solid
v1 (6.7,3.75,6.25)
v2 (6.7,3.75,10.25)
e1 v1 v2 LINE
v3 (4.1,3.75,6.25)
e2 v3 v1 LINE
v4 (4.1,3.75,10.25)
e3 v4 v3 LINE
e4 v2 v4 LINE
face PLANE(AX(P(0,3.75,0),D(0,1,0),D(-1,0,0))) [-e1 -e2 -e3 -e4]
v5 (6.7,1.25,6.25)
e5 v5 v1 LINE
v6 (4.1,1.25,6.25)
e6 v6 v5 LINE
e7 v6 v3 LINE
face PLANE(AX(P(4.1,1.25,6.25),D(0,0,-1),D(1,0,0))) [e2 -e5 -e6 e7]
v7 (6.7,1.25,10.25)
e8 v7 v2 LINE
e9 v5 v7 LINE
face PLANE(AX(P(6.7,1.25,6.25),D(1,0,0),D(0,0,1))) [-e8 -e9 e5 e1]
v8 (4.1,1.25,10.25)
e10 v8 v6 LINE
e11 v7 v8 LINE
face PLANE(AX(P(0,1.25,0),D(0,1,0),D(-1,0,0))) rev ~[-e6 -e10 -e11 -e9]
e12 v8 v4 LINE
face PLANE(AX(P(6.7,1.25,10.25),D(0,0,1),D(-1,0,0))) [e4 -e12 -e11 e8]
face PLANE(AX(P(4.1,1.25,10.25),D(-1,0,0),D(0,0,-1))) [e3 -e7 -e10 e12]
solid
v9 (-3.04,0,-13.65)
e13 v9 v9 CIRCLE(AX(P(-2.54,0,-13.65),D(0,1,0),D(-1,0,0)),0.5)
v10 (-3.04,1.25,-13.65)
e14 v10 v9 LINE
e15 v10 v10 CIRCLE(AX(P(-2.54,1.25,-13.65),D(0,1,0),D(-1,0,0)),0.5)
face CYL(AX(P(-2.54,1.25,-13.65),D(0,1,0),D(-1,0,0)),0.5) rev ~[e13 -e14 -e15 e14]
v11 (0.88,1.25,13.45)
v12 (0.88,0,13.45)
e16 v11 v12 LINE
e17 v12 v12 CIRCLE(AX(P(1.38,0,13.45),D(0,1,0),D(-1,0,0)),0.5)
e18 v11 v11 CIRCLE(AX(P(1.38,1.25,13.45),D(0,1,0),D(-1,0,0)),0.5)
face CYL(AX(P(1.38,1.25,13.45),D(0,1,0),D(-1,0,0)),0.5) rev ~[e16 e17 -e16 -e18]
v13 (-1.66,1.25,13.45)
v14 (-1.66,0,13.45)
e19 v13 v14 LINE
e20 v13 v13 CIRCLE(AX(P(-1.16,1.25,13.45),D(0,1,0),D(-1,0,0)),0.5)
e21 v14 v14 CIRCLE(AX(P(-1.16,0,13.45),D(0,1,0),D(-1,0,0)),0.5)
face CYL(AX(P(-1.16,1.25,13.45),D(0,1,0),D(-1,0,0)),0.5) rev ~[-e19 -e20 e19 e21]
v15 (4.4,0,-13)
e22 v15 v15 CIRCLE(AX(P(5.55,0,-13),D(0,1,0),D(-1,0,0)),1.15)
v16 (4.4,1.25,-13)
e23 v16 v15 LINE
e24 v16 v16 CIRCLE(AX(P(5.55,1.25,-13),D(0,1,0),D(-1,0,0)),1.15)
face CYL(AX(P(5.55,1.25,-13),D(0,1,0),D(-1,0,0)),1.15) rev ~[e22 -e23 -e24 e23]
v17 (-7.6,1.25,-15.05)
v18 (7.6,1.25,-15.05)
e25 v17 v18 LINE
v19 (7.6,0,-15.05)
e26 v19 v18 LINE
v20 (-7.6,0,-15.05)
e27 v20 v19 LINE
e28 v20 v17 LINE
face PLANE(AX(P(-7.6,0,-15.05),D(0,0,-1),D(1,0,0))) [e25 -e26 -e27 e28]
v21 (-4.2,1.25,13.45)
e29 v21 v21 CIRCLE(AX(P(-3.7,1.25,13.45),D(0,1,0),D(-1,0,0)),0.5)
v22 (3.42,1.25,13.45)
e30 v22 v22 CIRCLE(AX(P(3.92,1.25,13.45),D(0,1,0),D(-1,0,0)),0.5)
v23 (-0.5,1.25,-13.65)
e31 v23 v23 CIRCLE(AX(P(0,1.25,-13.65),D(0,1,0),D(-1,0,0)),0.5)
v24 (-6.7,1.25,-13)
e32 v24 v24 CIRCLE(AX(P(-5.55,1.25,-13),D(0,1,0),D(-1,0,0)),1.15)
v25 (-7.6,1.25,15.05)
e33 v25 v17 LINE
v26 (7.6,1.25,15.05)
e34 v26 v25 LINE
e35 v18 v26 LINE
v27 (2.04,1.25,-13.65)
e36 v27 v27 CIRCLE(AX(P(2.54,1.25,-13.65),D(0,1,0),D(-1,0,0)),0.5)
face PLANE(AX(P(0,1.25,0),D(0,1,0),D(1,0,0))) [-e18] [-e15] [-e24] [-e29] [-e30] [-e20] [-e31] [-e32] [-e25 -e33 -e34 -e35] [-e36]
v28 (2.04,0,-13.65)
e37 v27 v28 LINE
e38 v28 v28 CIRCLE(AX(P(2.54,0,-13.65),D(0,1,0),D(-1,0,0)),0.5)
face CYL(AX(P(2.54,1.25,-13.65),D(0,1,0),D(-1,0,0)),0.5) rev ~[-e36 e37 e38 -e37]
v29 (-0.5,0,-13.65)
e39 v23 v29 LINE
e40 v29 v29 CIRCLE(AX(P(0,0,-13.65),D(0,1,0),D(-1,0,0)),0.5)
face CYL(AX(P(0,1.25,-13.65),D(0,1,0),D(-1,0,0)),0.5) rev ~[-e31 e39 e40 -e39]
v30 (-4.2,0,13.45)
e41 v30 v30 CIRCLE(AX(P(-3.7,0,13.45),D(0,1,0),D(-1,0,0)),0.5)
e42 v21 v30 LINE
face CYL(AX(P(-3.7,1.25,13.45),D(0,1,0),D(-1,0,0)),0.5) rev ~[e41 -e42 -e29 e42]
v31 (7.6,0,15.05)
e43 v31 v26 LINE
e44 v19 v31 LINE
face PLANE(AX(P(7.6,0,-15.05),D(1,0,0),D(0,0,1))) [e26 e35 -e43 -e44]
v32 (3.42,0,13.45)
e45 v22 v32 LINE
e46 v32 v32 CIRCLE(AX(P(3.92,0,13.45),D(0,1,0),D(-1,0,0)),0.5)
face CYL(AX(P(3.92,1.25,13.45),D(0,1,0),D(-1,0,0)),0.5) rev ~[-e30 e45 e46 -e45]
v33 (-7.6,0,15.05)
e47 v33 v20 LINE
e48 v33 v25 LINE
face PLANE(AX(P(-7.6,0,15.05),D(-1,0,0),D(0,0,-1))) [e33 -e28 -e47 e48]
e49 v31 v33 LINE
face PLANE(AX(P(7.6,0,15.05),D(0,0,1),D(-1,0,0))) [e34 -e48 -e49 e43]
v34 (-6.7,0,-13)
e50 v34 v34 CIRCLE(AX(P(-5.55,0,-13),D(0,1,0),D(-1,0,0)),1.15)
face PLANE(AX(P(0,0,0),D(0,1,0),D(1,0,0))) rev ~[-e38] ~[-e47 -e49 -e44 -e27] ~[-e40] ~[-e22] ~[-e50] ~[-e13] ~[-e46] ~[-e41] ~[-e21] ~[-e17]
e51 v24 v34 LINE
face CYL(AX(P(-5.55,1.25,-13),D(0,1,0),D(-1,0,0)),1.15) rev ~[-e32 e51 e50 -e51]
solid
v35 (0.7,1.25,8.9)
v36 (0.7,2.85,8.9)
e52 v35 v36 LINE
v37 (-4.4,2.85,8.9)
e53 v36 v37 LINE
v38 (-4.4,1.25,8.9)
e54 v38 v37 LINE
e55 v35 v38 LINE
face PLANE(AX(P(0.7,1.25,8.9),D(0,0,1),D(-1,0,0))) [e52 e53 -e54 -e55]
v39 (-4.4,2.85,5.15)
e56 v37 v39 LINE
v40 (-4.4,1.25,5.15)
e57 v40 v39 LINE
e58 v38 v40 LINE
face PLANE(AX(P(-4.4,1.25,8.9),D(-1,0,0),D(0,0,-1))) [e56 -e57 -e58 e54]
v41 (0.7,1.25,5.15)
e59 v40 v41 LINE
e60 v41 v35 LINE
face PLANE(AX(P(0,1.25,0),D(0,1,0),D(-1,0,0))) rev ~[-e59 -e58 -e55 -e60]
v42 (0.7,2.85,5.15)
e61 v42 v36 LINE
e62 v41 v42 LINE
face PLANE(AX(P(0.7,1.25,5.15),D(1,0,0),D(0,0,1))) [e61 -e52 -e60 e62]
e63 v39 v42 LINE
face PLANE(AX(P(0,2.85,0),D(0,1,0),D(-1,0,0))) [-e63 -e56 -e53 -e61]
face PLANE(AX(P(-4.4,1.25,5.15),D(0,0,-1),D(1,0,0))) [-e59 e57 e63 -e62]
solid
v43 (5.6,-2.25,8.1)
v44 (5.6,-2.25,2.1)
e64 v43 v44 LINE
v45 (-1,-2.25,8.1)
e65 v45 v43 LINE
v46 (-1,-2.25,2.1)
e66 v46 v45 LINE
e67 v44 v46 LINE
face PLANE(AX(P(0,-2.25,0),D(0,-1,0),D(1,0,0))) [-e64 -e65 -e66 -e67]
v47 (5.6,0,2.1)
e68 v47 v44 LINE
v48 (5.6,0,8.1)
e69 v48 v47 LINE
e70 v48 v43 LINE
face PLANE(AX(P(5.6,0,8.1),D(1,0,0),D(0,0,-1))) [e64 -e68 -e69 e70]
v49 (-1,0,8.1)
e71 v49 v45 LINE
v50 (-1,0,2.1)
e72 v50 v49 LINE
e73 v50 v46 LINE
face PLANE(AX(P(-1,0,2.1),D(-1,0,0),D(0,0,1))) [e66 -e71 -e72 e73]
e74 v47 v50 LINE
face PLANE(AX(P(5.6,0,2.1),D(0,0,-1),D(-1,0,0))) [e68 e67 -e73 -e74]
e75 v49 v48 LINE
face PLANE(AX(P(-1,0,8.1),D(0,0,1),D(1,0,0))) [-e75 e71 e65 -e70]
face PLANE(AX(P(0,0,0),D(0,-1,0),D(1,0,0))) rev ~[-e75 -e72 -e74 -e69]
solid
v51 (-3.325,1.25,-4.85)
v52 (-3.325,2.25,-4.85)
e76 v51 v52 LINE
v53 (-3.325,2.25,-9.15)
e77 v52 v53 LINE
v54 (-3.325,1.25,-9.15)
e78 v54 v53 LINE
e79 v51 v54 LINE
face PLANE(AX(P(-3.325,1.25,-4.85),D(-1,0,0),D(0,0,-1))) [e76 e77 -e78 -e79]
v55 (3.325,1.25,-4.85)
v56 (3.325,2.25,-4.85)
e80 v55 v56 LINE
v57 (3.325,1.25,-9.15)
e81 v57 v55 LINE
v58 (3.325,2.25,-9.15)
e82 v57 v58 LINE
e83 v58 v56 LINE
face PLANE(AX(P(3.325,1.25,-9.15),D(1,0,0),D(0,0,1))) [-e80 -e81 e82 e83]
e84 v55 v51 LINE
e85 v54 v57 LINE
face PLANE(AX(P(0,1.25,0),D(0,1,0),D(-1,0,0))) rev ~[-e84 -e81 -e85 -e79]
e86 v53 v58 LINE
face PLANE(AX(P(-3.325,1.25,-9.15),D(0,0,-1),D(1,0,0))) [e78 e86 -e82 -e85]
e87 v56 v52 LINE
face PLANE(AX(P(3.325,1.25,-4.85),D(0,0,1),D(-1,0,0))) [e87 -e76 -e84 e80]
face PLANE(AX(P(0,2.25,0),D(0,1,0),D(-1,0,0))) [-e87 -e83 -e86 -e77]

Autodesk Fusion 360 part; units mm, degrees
sketch "pcb-base" plane through (0, 0, 0) normal (0, 1, 0) x (1, 0, 0)
  line L0 (7.6, -15.05) -> (-7.6, -15.05)
  line L1 (-7.6, -15.05) -> (-7.6, 15.05)
  line L2 (-7.6, 15.05) -> (7.6, 15.05)
  line L3 (7.6, 15.05) -> (7.6, -15.05)
  line L4 (7.6, -15.05) -> (-7.6, 15.05) construction
  line L5 (-7.6, -15.05) -> (7.6, 15.05) construction
  dimension "d1" = 15.2
  dimension "d2" = 30.1
extrude "Extrude1" add sketch "pcb-base" along normal blind 1.25 makes body 1
sketch "pcb-feat-mount-holes" plane through (0, 1.25, 0) normal (0, 1, 0) x (-1, 0, 0)
  line L0 (-7.6, -15.05) -> (7.6, -15.05)
  line L1 (7.6, -15.05) -> (7.6, 15.05)
  line L2 (7.6, 15.05) -> (-7.6, 15.05)
  line L3 (-7.6, 15.05) -> (-7.6, -15.05)
  circle A0 centre (5.55, -13) radius 1.15
  line L4 (0, 0) -> (0, -15.05) construction
  line L5 (0, 0) -> (7.6, 0) construction
  circle A1 centre (-5.55, -13) radius 1.15
  dimension "d5" = 2.3
  dimension "d6" = 0.9
  dimension "d7" = 0.9
extrude "Extrude2" cut sketch "pcb-feat-mount-holes" against normal blind 1.25 contours A0 | A1 bodies 1
sketch "pcb-feat-terminals" plane through (0, 1.25, 0) normal (0, 1, 0) x (-1, 0, 0)
  circle A0 centre (5.55, -13) radius 1.15
  circle A1 centre (-5.55, -13) radius 1.15
  line L0 (-7.6, -15.05) -> (7.6, -15.05)
  line L1 (7.6, -15.05) -> (7.6, 15.05)
  line L2 (7.6, 15.05) -> (-7.6, 15.05)
  line L3 (-7.6, 15.05) -> (-7.6, -15.05)
  line L4 (2.54, -13.65) -> (-2.54, -13.65) construction
  circle A2 centre (2.54, -13.65) radius 0.5
  circle A3 centre (0, -13.65) radius 0.5
  circle A4 centre (-2.54, -13.65) radius 0.5
  line L5 (0, -15.05) -> (0, -11.6799) construction
  line L6 (7.6, 13.45) -> (-7.6, 13.45) construction
  circle A5 centre (3.7, 13.45) radius 0.5
  circle A6 centre (1.16, 13.45) radius 0.5
  circle A7 centre (-1.38, 13.45) radius 0.5
  circle A8 centre (-3.92, 13.45) radius 0.5
  dimension "d10" = 1
  dimension "d11" = 1
  dimension "d12" = 2.54
  dimension "d14" = 1
  dimension "d16" = 2.54
  dimension "d17" = 0.9
  dimension "d18" = 1
  dimension "d19" = 1.1
  dimension "d20" = 3.4
  dimension "d21" = 1
  dimension "d22" = 1
  dimension "d23" = 1
  dimension "d24" = 2.54
  dimension "d25" = 2.54
  dimension "d26" = 2.54
extrude "Extrude3" cut sketch "pcb-feat-terminals" against normal blind 1.25 contours A2 | A3 | A4 | A5 | A6 | A7 | A8 bodies 1
sketch "pcb-feat-mcu" plane through (0, 1.25, 0) normal (0, 1, 0) x (-1, 0, 0)
  circle A0 centre (1.16, 13.45) radius 0.5
  circle A1 centre (2.54, -13.65) radius 0.5
  circle A2 centre (3.7, 13.45) radius 0.5
  circle A3 centre (-1.38, 13.45) radius 0.5
  circle A4 centre (0, -13.65) radius 0.5
  circle A5 centre (-2.54, -13.65) radius 0.5
  circle A6 centre (-3.92, 13.45) radius 0.5
  circle A7 centre (5.55, -13) radius 1.15
  circle A8 centre (-5.55, -13) radius 1.15
  line L0 (-7.6, -15.05) -> (7.6, -15.05)
  line L1 (7.6, -15.05) -> (7.6, 15.05)
  line L2 (7.6, 15.05) -> (-7.6, 15.05)
  line L3 (-7.6, 15.05) -> (-7.6, -15.05)
  line L4 (-3.325, -4.85) -> (3.325, -4.85)
  line L5 (3.325, -4.85) -> (3.325, -9.15)
  line L6 (3.325, -9.15) -> (-3.325, -9.15)
  line L7 (-3.325, -9.15) -> (-3.325, -4.85)
  line L8 (-3.325, -4.85) -> (3.325, -9.15) construction
  line L9 (3.325, -4.85) -> (-3.325, -9.15) construction
  line L10 (0, -15.05) -> (0, 0) construction
  point P0 (0, -7)
  dimension "d29" = 6.65
  dimension "d30" = 4.3
  dimension "d31" = 5.9
extrude "Extrude1'" add sketch "pcb-feat-mcu" along normal blind 1 separate body contours L4 L5 L6 L7 makes body 2 in component "Component"
sketch "pcb-feat-mcu-2" plane through (0, 1.25, 0) normal (0, 1, 0) x (-1, 0, 0)
  circle A0 centre (1.16, 13.45) radius 0.5
  circle A1 centre (2.54, -13.65) radius 0.5
  circle A2 centre (3.7, 13.45) radius 0.5
  circle A3 centre (-1.38, 13.45) radius 0.5
  circle A4 centre (0, -13.65) radius 0.5
  circle A5 centre (-2.54, -13.65) radius 0.5
  circle A6 centre (-3.92, 13.45) radius 0.5
  circle A7 centre (5.55, -13) radius 1.15
  circle A8 centre (-5.55, -13) radius 1.15
  line L0 (-7.6, -15.05) -> (7.6, -15.05)
  line L1 (7.6, -15.05) -> (7.6, 15.05)
  line L2 (7.6, 15.05) -> (-7.6, 15.05)
  line L3 (-7.6, 15.05) -> (-7.6, -15.05)
  line L4 (-0.7, 8.9) -> (4.4, 8.9)
  line L5 (4.4, 8.9) -> (4.4, 5.15)
  line L6 (4.4, 5.15) -> (-0.7, 5.15)
  line L7 (-0.7, 5.15) -> (-0.7, 8.9)
  line L8 (-0.7, 8.9) -> (4.4, 5.15) construction
  line L9 (4.4, 8.9) -> (-0.7, 5.15) construction
  point P0 (1.85, 7.025)
  dimension "d34" = 5.1
  dimension "d35" = 3.75
  dimension "d36" = 3.2
  dimension "d37" = 6.15
extrude "Extrude4" add sketch "pcb-feat-mcu-2" along normal blind 1.6 separate body contours L4 L5 L6 L7 makes body 3
sketch "pcb-feat-diode" plane through (0, 1.25, 0) normal (0, 1, 0) x (-1, 0, 0)
  circle A0 centre (1.16, 13.45) radius 0.5
  circle A1 centre (2.54, -13.65) radius 0.5
  circle A2 centre (3.7, 13.45) radius 0.5
  circle A3 centre (-1.38, 13.45) radius 0.5
  circle A4 centre (0, -13.65) radius 0.5
  circle A5 centre (-2.54, -13.65) radius 0.5
  circle A6 centre (-3.92, 13.45) radius 0.5
  circle A7 centre (5.55, -13) radius 1.15
  circle A8 centre (-5.55, -13) radius 1.15
  line L0 (-7.6, -15.05) -> (7.6, -15.05)
  line L1 (7.6, -15.05) -> (7.6, 15.05)
  line L2 (7.6, 15.05) -> (-7.6, 15.05)
  line L3 (-7.6, 15.05) -> (-7.6, -15.05)
  line L4 (-6.7, 10.25) -> (-4.1, 10.25)
  line L5 (-4.1, 10.25) -> (-4.1, 6.25)
  line L6 (-4.1, 6.25) -> (-6.7, 6.25)
  line L7 (-6.7, 6.25) -> (-6.7, 10.25)
  line L8 (-6.7, 10.25) -> (-4.1, 6.25) construction
  line L9 (-4.1, 10.25) -> (-6.7, 6.25) construction
  point P0 (-5.4, 8.25)
  dimension "d40" = 2.6
  dimension "d41" = 4
  dimension "d42" = 0.9
  dimension "d43" = 4.8
extrude "Extrude5" add sketch "pcb-feat-diode" along normal blind 2.5 separate body contours L4 L5 L6 L7 makes body 4
sketch "pcb-feat-vdd-reg" plane through (0, 0, 0) normal (0, -1, 0) x (1, 0, 0)
  circle A0 centre (-1.16, 13.45) radius 0.5
  circle A1 centre (-2.54, -13.65) radius 0.5
  circle A2 centre (-3.7, 13.45) radius 0.5
  circle A3 centre (1.38, 13.45) radius 0.5
  circle A4 centre (0, -13.65) radius 0.5
  circle A5 centre (2.54, -13.65) radius 0.5
  circle A6 centre (3.92, 13.45) radius 0.5
  circle A7 centre (-5.55, -13) radius 1.15
  circle A8 centre (5.55, -13) radius 1.15
  line L0 (-7.6, -15.05) -> (7.6, -15.05)
  line L1 (7.6, -15.05) -> (7.6, 15.05)
  line L2 (7.6, 15.05) -> (-7.6, 15.05)
  line L3 (-7.6, 15.05) -> (-7.6, -15.05)
  line L4 (-1, 8.1) -> (5.6, 8.1)
  line L5 (5.6, 8.1) -> (5.6, 2.1)
  line L6 (5.6, 2.1) -> (-1, 2.1)
  line L7 (-1, 2.1) -> (-1, 8.1)
  line L8 (-1, 8.1) -> (5.6, 2.1) construction
  line L9 (5.6, 8.1) -> (-1, 2.1) construction
  point P0 (2.3, 5.1)
  dimension "d46" = 6.6
  dimension "d47" = 6
  dimension "d48" = 2
  dimension "d49" = 6.95
extrude "Extrude6" add sketch "pcb-feat-vdd-reg" along normal blind 2.25 separate body contours L4 L5 L6 L7 makes body 5
component "Component" placed x (1, 0, 0) y (0, 1, 0) z (0, 0, 1) at (0, 0, 0)
equation "d6 = d7"
equation "d11 = d10"
equation "d14 = d11"
equation "d16 = d12"
equation "d18 = d10"
equation "d21 = d10"
equation "d22 = d10"
equation "d23 = d10"
equation "d24 = d12"
equation "d25 = d12"
equation "d26 = d12"
